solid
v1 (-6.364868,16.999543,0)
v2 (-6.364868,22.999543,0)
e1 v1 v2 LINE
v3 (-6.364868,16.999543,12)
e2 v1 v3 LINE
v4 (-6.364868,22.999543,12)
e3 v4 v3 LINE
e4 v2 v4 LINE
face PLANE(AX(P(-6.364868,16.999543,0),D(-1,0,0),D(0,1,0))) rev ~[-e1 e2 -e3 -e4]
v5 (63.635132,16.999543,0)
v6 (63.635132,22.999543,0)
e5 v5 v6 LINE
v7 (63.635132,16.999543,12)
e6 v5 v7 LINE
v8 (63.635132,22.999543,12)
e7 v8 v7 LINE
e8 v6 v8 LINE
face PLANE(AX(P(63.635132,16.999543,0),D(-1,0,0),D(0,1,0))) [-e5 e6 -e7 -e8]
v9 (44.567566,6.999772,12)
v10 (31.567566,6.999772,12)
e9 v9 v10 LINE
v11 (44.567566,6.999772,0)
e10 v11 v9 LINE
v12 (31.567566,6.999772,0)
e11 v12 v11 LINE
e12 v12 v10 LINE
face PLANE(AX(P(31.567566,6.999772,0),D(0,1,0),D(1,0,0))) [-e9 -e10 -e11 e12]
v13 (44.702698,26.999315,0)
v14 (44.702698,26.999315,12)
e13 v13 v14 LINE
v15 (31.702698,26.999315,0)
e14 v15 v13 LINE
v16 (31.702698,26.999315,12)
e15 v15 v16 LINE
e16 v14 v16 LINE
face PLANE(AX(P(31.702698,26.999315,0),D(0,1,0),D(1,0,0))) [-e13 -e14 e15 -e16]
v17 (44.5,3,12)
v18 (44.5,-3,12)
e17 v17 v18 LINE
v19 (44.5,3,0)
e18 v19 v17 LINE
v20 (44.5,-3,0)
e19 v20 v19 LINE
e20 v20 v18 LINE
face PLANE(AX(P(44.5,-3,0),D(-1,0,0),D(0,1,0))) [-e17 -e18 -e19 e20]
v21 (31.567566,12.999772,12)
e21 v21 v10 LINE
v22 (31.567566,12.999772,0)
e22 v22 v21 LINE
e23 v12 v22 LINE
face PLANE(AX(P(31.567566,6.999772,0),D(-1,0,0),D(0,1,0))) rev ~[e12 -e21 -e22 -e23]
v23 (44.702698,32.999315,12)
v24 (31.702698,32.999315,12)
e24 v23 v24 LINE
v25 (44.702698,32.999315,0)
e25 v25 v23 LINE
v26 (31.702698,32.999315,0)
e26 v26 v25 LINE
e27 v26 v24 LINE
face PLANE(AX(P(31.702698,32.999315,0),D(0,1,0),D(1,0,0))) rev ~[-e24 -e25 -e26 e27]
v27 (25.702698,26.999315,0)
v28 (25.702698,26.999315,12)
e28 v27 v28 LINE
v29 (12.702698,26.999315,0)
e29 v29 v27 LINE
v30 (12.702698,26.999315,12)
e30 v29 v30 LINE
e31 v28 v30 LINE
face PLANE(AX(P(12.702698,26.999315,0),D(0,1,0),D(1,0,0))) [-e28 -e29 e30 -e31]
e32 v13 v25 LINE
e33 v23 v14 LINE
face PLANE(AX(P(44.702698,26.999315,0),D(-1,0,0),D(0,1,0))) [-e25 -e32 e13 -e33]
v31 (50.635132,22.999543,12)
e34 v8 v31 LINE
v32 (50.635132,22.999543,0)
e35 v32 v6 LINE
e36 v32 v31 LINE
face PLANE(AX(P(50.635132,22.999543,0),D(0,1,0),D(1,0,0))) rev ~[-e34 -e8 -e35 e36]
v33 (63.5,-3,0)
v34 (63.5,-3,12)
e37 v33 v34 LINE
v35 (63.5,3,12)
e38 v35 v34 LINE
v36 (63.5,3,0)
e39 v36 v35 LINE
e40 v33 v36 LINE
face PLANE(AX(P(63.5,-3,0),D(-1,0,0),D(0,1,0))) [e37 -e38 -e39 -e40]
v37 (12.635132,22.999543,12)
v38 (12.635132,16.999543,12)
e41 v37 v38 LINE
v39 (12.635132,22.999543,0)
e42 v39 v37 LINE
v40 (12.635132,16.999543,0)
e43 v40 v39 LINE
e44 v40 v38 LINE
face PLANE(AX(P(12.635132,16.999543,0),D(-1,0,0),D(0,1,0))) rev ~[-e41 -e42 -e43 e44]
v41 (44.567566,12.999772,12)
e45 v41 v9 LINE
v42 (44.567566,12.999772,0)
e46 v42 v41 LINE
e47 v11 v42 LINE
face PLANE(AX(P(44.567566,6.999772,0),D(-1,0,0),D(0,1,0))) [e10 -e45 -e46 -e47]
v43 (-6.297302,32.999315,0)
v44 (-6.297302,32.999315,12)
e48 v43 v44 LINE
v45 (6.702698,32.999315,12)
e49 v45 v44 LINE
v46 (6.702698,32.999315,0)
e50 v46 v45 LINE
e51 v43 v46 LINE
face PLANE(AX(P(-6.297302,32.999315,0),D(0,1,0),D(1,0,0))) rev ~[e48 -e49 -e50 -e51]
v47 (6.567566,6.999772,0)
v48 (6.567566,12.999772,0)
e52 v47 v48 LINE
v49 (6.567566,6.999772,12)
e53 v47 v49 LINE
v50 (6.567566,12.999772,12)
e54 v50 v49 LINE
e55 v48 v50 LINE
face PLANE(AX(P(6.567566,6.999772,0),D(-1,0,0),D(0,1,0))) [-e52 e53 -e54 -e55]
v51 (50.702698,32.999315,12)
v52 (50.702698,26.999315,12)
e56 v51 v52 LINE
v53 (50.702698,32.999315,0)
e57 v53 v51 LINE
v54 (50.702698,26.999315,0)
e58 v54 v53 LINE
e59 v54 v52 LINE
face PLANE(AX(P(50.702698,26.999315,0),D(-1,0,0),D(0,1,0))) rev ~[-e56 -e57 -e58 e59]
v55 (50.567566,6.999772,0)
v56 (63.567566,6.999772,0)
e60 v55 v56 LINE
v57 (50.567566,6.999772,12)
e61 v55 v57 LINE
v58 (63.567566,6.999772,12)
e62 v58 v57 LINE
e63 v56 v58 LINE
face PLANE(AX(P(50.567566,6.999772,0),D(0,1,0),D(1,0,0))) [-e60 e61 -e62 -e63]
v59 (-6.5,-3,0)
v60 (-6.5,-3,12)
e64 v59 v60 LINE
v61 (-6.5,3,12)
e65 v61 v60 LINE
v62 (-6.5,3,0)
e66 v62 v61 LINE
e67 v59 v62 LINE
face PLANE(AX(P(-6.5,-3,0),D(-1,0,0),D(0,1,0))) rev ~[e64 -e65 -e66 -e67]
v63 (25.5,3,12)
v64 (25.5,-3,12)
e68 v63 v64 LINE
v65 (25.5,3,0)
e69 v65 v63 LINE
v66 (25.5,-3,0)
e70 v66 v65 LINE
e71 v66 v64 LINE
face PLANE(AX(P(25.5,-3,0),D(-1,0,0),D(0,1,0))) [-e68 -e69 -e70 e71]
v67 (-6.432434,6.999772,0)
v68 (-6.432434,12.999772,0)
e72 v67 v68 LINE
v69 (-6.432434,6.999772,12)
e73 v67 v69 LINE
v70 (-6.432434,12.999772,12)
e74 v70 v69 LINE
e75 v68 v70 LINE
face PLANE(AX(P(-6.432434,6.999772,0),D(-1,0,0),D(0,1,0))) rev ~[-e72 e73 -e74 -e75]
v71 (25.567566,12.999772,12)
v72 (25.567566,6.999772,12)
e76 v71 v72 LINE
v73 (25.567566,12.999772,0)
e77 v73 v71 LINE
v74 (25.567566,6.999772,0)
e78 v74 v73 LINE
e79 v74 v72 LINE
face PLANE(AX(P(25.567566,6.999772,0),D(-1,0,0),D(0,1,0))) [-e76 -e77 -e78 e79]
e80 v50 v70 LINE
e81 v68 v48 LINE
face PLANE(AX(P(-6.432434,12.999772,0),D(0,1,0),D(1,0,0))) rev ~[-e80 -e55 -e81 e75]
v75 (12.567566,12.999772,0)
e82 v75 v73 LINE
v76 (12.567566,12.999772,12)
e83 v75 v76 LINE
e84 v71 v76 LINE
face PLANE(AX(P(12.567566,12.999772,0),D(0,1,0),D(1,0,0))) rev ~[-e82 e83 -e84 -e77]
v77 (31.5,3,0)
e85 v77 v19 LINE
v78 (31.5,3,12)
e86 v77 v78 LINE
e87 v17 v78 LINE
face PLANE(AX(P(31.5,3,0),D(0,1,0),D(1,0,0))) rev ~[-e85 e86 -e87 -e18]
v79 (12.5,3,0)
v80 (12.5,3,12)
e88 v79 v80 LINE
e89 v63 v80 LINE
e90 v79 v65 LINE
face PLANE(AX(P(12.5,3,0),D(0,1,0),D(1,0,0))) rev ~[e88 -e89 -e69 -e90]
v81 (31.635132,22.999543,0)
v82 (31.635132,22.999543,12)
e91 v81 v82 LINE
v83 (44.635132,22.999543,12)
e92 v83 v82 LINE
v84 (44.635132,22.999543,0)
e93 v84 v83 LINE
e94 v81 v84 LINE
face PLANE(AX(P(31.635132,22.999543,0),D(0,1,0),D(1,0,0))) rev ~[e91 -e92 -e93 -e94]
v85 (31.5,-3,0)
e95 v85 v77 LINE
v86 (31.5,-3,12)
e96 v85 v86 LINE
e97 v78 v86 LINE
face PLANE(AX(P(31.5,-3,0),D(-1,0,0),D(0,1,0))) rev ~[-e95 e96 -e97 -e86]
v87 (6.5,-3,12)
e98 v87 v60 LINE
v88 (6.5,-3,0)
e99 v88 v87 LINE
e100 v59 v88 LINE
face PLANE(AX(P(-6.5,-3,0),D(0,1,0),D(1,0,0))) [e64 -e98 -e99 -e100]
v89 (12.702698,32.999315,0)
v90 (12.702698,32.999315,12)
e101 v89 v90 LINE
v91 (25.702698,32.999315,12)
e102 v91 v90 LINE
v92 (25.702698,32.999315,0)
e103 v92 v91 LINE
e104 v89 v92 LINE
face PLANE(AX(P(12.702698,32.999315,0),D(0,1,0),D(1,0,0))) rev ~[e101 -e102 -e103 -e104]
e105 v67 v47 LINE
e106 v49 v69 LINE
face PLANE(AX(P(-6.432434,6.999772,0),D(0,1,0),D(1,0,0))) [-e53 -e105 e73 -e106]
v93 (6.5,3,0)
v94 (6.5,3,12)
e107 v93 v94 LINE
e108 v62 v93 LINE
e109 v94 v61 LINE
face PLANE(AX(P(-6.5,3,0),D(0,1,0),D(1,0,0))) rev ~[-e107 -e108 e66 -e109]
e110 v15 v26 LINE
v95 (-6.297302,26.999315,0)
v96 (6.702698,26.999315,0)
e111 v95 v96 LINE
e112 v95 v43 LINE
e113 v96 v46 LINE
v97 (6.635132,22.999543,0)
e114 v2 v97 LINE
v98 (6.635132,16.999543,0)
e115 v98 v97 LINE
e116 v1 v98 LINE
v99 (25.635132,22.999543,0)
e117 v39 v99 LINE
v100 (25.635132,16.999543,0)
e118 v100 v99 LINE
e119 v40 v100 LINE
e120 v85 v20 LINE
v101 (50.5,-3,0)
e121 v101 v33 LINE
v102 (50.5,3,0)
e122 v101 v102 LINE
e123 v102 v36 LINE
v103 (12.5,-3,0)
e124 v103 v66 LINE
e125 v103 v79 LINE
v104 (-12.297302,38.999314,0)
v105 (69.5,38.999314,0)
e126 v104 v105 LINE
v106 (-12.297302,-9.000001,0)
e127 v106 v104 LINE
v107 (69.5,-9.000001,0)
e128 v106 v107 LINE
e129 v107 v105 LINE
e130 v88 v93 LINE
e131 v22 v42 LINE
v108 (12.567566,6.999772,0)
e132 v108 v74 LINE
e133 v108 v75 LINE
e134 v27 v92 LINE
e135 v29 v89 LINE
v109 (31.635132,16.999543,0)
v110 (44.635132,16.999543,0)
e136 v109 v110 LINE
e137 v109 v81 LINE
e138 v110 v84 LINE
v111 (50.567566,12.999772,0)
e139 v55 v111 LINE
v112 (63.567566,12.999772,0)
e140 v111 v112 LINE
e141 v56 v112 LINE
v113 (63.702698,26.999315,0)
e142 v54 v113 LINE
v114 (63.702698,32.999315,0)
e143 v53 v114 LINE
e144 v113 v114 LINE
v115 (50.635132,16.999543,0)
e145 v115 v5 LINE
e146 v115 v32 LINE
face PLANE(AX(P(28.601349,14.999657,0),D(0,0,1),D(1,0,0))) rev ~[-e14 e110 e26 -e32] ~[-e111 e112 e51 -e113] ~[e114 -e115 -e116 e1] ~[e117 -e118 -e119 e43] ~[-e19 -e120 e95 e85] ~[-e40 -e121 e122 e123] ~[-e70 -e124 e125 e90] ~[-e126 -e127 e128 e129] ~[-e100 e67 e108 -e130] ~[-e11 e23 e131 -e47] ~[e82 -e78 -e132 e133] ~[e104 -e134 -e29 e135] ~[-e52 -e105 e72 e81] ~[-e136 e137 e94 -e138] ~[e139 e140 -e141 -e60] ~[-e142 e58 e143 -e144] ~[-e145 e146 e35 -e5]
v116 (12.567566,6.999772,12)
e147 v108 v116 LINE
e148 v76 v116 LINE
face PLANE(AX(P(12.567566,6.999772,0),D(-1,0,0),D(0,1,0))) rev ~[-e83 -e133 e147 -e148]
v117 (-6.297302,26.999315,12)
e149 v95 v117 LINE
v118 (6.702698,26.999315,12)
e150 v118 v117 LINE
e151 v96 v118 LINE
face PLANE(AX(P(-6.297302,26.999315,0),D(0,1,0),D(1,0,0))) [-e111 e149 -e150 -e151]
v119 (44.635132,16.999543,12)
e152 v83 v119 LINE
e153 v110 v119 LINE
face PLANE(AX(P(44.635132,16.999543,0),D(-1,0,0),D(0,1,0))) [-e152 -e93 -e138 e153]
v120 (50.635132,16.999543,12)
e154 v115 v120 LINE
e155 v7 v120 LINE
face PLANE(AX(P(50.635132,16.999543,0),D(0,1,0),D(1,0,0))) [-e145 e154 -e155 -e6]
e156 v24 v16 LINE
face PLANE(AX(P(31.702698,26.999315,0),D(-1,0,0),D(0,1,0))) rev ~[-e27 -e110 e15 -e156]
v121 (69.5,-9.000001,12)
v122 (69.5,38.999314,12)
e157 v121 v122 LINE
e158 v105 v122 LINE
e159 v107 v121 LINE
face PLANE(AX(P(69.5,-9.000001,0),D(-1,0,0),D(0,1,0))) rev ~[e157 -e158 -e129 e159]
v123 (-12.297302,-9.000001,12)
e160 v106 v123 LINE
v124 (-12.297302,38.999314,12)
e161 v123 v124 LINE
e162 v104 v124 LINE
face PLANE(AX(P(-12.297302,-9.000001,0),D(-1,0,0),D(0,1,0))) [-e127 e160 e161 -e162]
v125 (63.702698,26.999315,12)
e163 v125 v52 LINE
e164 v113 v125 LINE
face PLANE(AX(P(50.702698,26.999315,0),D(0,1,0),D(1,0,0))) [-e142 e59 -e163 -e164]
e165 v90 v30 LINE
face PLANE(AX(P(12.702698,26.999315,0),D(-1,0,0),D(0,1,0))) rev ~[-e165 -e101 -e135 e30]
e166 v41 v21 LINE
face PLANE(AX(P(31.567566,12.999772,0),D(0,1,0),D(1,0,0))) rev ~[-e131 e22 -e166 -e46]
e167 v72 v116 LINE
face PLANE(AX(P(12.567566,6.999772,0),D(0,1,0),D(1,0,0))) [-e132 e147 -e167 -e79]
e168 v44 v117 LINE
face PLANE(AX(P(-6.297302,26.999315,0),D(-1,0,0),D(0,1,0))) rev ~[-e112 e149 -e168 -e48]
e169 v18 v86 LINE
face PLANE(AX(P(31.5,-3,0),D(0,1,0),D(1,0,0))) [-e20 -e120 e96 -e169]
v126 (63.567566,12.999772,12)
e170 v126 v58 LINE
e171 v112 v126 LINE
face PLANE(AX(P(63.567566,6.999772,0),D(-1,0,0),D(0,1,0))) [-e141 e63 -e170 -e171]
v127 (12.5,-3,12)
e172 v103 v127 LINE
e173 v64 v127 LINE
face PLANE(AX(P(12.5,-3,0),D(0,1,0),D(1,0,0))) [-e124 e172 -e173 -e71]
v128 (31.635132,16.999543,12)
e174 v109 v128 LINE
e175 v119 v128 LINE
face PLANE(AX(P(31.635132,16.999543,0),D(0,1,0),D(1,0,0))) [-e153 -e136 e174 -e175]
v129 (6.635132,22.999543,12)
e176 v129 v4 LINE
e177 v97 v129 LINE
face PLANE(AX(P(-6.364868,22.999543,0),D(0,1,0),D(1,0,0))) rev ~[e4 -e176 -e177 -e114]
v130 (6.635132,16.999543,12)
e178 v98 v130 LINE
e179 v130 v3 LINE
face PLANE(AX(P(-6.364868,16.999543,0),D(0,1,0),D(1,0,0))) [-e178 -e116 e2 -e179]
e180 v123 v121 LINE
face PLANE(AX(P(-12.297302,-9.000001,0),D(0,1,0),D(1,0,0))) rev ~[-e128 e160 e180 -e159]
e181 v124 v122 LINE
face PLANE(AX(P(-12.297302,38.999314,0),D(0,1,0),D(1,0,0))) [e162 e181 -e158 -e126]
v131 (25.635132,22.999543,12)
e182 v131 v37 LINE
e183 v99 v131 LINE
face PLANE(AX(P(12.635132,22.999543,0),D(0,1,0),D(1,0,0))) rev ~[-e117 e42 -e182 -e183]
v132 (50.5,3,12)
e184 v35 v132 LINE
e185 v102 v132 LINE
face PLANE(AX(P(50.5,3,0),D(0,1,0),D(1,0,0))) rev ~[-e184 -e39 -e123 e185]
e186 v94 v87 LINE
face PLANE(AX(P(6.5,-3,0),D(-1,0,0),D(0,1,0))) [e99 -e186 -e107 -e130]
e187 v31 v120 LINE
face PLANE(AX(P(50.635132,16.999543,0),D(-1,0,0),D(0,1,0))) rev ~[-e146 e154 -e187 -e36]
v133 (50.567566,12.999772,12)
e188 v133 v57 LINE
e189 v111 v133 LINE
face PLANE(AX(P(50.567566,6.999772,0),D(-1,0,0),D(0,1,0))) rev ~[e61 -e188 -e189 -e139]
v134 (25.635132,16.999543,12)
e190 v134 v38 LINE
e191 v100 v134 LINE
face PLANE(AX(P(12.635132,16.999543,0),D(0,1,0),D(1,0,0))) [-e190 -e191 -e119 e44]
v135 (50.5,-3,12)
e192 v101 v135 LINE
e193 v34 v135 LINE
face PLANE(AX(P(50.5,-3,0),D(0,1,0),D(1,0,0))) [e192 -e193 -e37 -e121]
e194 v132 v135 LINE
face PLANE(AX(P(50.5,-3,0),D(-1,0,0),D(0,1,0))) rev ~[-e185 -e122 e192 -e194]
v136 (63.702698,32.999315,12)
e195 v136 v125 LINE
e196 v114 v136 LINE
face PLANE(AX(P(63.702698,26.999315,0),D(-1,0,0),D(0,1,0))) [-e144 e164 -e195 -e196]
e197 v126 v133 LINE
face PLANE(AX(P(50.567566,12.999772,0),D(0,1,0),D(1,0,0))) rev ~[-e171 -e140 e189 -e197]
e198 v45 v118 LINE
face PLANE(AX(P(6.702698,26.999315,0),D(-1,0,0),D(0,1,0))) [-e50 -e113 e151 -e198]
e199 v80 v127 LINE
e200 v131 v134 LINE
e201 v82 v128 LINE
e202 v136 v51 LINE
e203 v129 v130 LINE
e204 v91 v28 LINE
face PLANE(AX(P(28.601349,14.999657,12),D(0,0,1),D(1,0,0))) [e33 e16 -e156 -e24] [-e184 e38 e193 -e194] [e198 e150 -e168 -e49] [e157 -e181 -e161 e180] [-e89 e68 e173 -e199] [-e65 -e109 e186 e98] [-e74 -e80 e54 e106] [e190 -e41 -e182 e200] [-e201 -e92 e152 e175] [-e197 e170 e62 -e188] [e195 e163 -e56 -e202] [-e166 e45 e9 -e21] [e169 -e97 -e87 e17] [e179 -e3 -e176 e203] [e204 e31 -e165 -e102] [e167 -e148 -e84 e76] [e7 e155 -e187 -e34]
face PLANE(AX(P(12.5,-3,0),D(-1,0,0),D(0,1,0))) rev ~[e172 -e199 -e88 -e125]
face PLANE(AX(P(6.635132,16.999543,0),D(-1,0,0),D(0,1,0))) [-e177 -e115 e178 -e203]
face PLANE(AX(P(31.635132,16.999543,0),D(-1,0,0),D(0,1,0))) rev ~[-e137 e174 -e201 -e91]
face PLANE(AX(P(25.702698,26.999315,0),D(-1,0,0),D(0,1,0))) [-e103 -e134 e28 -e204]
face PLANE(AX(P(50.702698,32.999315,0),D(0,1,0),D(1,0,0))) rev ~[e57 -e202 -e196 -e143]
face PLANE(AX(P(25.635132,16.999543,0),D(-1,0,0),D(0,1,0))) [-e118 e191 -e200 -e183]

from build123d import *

# Parameters (mm, degrees)
F1_W     = 81.797302
F1_H     = 47.999315
F2_DEPTH = 12
F0_W     = 13
F0_H     = 6
F3_DEPTH = 12.001


with BuildPart() as f2:
    # F1 (on Top) → F2 (new body)
    with BuildSketch(Plane.XY):
        with Locations((28.601349, 14.999657)):
            Rectangle(F1_W, F1_H)
    extrude(amount=F2_DEPTH)

    # F0 (on Top) → F3 (cut, through all)
    with BuildSketch(Plane.XY):
        Rectangle(F0_W, F0_H)
        with Locations((0.067566, 9.999772)):
            Rectangle(F0_W, F0_H)
        with Locations((0.135132, 19.999543)):
            Rectangle(F0_W, F0_H)
        with Locations((0.202698, 29.999315)):
            Rectangle(F0_W, F0_H)
        with Locations((19, 0)):
            Rectangle(F0_W, F0_H)
        with Locations((19.067566, 9.999772)):
            Rectangle(F0_W, F0_H)
        with Locations((19.135132, 19.999543)):
            Rectangle(F0_W, F0_H)
        with Locations((19.202698, 29.999315)):
            Rectangle(F0_W, F0_H)
        with Locations((38, 0)):
            Rectangle(F0_W, F0_H)
        with Locations((38.067566, 9.999772)):
            Rectangle(F0_W, F0_H)
        with Locations((38.135132, 19.999543)):
            Rectangle(F0_W, F0_H)
        with Locations((38.202698, 29.999315)):
            Rectangle(F0_W, F0_H)
        with Locations((57, 0)):
            Rectangle(F0_W, F0_H)
        with Locations((57.067566, 9.999772)):
            Rectangle(F0_W, F0_H)
        with Locations((57.135132, 19.999543)):
            Rectangle(F0_W, F0_H)
        with Locations((57.202698, 29.999315)):
            Rectangle(F0_W, F0_H)
    extrude(amount=F3_DEPTH, mode=Mode.SUBTRACT)


solid = f2.part
